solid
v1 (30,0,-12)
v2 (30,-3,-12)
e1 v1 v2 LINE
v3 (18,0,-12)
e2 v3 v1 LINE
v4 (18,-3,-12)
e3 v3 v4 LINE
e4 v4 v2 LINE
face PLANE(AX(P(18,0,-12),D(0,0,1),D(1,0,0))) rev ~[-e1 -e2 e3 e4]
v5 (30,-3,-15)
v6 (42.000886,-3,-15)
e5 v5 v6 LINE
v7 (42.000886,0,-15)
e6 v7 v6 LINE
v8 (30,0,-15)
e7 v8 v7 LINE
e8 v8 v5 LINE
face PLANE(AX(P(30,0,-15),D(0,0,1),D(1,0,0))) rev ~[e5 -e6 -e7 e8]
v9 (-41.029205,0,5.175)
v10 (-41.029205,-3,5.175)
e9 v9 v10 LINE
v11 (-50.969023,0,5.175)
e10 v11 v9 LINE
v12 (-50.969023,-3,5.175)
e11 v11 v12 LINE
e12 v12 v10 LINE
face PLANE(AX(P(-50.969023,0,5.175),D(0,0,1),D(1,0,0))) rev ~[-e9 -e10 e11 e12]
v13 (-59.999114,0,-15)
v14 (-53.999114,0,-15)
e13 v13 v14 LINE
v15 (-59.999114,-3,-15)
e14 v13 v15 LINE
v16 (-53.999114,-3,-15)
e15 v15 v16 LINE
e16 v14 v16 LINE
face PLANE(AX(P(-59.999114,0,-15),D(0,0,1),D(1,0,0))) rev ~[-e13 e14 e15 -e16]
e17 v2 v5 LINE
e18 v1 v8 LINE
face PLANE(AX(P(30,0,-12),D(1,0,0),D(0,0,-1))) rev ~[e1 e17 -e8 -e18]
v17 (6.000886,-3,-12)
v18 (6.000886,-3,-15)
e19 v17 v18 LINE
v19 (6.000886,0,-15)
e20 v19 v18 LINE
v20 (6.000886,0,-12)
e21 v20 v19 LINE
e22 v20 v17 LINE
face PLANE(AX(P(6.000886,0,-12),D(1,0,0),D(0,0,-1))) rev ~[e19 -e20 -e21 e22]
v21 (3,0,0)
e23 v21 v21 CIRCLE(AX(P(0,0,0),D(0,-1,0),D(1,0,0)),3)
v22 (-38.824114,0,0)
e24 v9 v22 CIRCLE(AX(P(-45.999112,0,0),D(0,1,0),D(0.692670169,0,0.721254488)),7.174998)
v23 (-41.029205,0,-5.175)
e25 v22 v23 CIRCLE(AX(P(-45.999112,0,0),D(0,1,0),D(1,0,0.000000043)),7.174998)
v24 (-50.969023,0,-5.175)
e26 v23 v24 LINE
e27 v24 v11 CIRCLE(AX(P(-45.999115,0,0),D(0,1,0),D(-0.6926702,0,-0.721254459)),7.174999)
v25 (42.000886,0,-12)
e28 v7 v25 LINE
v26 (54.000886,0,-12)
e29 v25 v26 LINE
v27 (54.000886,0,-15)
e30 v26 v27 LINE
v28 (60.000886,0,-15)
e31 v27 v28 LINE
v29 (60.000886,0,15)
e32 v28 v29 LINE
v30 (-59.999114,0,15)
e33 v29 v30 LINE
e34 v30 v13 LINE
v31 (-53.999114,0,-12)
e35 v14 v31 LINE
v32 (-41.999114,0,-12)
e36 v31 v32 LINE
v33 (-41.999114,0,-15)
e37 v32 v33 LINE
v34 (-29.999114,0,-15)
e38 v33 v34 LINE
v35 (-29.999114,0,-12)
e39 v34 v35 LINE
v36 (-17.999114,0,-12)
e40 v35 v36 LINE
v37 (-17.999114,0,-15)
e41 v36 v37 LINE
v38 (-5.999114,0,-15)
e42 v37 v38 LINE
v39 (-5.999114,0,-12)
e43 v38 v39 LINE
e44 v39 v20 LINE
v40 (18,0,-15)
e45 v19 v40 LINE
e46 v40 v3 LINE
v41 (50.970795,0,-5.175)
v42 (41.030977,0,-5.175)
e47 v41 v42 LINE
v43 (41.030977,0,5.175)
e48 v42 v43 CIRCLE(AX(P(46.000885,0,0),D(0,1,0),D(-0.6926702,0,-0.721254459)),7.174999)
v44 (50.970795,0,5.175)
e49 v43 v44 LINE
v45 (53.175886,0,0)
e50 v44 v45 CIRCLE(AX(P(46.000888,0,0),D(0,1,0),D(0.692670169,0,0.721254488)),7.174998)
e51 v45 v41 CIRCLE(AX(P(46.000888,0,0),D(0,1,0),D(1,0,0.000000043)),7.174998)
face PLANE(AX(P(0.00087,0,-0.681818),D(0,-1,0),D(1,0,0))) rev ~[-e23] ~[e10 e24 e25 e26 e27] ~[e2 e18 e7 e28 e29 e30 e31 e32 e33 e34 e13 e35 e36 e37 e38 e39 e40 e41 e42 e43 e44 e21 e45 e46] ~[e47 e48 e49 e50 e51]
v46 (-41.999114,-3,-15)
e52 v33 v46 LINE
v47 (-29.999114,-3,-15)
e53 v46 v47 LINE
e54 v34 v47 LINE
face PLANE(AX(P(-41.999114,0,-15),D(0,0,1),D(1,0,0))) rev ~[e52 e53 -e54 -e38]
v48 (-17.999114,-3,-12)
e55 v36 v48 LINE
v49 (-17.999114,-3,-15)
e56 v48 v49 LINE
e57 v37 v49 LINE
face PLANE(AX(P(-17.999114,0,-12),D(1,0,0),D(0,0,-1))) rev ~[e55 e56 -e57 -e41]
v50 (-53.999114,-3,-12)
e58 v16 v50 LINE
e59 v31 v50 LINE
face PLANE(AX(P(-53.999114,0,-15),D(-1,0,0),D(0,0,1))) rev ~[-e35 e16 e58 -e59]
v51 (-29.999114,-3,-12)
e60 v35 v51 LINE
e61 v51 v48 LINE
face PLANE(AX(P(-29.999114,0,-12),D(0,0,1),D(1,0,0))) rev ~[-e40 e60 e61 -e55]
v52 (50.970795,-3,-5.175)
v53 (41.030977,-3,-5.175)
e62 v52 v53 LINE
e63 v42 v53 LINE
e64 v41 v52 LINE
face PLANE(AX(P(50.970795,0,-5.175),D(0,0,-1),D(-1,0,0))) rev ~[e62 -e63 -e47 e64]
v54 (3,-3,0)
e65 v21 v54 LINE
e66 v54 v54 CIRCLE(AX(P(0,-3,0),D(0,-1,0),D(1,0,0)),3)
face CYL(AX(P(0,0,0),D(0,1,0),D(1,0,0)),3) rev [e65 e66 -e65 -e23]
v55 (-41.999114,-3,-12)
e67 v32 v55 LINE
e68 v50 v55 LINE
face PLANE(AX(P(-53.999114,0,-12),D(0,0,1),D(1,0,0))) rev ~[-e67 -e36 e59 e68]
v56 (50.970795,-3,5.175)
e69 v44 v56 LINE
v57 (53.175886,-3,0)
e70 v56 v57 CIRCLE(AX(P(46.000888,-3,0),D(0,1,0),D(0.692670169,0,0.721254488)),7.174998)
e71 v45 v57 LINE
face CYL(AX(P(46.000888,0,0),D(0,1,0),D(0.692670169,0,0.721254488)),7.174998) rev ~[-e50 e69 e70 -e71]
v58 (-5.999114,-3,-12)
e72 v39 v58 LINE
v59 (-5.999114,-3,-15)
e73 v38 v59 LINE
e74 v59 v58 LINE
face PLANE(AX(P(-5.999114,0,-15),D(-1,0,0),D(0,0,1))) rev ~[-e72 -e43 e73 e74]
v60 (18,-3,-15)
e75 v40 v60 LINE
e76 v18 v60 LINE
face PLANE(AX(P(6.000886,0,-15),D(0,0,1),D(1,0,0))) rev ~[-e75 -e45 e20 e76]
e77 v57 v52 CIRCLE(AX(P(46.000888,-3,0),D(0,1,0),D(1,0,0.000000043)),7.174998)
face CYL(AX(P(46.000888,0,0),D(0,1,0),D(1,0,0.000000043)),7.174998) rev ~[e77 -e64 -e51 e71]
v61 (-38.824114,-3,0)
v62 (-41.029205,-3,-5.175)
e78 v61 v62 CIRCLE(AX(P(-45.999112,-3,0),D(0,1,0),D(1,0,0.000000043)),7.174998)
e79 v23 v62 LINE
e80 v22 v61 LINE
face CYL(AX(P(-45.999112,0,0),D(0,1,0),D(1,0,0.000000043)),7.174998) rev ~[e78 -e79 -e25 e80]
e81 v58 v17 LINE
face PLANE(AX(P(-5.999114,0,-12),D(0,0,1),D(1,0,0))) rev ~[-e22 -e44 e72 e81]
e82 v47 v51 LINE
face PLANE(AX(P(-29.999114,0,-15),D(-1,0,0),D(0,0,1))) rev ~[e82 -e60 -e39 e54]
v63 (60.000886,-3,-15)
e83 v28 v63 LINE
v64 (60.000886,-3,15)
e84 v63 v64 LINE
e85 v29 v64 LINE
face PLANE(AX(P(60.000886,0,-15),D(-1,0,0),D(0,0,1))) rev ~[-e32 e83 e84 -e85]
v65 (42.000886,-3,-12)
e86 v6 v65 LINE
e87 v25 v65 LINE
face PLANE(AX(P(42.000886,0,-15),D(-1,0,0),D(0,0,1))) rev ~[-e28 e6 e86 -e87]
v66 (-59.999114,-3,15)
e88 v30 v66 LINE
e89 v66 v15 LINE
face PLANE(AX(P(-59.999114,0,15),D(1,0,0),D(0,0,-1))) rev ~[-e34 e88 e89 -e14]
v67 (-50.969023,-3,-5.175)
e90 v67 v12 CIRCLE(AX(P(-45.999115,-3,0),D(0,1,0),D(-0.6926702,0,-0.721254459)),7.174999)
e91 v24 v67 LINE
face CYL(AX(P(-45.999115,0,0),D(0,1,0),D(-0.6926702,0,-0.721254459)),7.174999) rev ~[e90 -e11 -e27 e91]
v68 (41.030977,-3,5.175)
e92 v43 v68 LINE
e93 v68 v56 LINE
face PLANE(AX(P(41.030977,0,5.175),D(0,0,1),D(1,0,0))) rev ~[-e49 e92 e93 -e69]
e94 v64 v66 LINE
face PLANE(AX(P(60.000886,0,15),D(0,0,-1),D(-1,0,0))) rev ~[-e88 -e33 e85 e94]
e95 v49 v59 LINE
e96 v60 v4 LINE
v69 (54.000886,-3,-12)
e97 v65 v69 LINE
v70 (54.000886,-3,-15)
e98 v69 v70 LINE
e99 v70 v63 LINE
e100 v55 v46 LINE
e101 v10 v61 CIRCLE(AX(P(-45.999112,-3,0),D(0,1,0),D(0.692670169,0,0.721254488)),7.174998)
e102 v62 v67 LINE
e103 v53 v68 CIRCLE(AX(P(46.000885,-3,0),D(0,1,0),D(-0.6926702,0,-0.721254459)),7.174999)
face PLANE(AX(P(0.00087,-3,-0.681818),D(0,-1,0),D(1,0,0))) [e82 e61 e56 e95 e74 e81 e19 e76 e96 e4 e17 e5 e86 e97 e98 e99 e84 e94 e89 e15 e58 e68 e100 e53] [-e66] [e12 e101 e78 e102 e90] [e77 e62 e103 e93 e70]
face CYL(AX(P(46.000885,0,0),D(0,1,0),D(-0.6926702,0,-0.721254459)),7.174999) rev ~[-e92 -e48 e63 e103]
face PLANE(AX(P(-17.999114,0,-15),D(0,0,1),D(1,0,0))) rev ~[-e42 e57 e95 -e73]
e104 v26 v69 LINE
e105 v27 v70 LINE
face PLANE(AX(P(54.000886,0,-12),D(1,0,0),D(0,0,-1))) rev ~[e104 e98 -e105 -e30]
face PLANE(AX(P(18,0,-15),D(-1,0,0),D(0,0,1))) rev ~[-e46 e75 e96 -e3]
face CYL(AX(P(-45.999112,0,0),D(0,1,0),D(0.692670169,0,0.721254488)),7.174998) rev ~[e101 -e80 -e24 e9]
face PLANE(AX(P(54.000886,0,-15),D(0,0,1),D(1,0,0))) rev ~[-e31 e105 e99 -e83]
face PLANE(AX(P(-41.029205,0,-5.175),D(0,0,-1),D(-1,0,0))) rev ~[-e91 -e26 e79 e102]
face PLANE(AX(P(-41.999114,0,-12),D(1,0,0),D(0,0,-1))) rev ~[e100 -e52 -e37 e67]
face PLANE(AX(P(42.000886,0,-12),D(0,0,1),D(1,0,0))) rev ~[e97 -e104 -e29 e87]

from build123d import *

# Parameters (mm, degrees)
F0_R     = 3
F1_DEPTH = 3


with BuildPart() as f1:
    # F0 (on Front) → F1 (new body)
    with BuildSketch(Plane.XZ):
        Polygon((-5.999114, -12), (6.000886, -12), (6.000886, -15), (18, -15), (18, -12), (30, -12), (30, -15), (42.000886, -15), (42.000886, -12), (54.000886, -12), (54.000886, -15), (60.000886, -15), (60.000886, 15), (-59.999114, 15), (-59.999114, -15), (-53.999114, -15), (-53.999114, -12), (-41.999114, -12), (-41.999114, -15), (-29.999114, -15), (-29.999114, -12), (-17.999114, -12), (-17.999114, -15), (-5.999114, -15), align=None)
        with BuildLine():
            ThreePointArc((-41.029205, 5.175), (-39.398367, 2.812608), (-38.824114, 0))
            ThreePointArc((-38.824114, 0), (-39.398367, -2.812608), (-41.029205, -5.175))
            ThreePointArc((-41.029205, -5.175), (-45.999114, -7.175), (-50.969023, -5.175))
            ThreePointArc((-50.969023, -5.175), (-53.174114, 0), (-50.969023, 5.175))
            ThreePointArc((-50.969023, 5.175), (-45.999114, 7.175), (-41.029205, 5.175))
        make_face(mode=Mode.SUBTRACT)
        Circle(F0_R, mode=Mode.SUBTRACT)
        with BuildLine():
            ThreePointArc((50.970795, 5.175), (52.601633, 2.812608), (53.175886, 0))
            ThreePointArc((53.175886, 0), (52.601633, -2.812608), (50.970795, -5.175))
            ThreePointArc((50.970795, -5.175), (46.000886, -7.175), (41.030977, -5.175))
            ThreePointArc((41.030977, -5.175), (38.825886, 0), (41.030977, 5.175))
            ThreePointArc((41.030977, 5.175), (46.000886, 7.175), (50.970795, 5.175))
        make_face(mode=Mode.SUBTRACT)
        with BuildLine():
            Line((41.030977, 5.175), (50.970795, 5.175))
            ThreePointArc((50.970795, 5.175), (46.000886, 7.175), (41.030977, 5.175))
        make_face()
        with BuildLine():
            ThreePointArc((41.030977, -5.175), (46.000886, -7.175), (50.970795, -5.175))
            Line((50.970795, -5.175), (41.030977, -5.175))
        make_face()
        with BuildLine():
            Line((-50.969023, 5.175), (-41.029205, 5.175))
            ThreePointArc((-41.029205, 5.175), (-45.999114, 7.175), (-50.969023, 5.175))
        make_face()
        with BuildLine():
            ThreePointArc((-50.969023, -5.175), (-45.999114, -7.175), (-41.029205, -5.175))
            Line((-41.029205, -5.175), (-50.969023, -5.175))
        make_face()
    extrude(amount=F1_DEPTH)


solid = f1.part
